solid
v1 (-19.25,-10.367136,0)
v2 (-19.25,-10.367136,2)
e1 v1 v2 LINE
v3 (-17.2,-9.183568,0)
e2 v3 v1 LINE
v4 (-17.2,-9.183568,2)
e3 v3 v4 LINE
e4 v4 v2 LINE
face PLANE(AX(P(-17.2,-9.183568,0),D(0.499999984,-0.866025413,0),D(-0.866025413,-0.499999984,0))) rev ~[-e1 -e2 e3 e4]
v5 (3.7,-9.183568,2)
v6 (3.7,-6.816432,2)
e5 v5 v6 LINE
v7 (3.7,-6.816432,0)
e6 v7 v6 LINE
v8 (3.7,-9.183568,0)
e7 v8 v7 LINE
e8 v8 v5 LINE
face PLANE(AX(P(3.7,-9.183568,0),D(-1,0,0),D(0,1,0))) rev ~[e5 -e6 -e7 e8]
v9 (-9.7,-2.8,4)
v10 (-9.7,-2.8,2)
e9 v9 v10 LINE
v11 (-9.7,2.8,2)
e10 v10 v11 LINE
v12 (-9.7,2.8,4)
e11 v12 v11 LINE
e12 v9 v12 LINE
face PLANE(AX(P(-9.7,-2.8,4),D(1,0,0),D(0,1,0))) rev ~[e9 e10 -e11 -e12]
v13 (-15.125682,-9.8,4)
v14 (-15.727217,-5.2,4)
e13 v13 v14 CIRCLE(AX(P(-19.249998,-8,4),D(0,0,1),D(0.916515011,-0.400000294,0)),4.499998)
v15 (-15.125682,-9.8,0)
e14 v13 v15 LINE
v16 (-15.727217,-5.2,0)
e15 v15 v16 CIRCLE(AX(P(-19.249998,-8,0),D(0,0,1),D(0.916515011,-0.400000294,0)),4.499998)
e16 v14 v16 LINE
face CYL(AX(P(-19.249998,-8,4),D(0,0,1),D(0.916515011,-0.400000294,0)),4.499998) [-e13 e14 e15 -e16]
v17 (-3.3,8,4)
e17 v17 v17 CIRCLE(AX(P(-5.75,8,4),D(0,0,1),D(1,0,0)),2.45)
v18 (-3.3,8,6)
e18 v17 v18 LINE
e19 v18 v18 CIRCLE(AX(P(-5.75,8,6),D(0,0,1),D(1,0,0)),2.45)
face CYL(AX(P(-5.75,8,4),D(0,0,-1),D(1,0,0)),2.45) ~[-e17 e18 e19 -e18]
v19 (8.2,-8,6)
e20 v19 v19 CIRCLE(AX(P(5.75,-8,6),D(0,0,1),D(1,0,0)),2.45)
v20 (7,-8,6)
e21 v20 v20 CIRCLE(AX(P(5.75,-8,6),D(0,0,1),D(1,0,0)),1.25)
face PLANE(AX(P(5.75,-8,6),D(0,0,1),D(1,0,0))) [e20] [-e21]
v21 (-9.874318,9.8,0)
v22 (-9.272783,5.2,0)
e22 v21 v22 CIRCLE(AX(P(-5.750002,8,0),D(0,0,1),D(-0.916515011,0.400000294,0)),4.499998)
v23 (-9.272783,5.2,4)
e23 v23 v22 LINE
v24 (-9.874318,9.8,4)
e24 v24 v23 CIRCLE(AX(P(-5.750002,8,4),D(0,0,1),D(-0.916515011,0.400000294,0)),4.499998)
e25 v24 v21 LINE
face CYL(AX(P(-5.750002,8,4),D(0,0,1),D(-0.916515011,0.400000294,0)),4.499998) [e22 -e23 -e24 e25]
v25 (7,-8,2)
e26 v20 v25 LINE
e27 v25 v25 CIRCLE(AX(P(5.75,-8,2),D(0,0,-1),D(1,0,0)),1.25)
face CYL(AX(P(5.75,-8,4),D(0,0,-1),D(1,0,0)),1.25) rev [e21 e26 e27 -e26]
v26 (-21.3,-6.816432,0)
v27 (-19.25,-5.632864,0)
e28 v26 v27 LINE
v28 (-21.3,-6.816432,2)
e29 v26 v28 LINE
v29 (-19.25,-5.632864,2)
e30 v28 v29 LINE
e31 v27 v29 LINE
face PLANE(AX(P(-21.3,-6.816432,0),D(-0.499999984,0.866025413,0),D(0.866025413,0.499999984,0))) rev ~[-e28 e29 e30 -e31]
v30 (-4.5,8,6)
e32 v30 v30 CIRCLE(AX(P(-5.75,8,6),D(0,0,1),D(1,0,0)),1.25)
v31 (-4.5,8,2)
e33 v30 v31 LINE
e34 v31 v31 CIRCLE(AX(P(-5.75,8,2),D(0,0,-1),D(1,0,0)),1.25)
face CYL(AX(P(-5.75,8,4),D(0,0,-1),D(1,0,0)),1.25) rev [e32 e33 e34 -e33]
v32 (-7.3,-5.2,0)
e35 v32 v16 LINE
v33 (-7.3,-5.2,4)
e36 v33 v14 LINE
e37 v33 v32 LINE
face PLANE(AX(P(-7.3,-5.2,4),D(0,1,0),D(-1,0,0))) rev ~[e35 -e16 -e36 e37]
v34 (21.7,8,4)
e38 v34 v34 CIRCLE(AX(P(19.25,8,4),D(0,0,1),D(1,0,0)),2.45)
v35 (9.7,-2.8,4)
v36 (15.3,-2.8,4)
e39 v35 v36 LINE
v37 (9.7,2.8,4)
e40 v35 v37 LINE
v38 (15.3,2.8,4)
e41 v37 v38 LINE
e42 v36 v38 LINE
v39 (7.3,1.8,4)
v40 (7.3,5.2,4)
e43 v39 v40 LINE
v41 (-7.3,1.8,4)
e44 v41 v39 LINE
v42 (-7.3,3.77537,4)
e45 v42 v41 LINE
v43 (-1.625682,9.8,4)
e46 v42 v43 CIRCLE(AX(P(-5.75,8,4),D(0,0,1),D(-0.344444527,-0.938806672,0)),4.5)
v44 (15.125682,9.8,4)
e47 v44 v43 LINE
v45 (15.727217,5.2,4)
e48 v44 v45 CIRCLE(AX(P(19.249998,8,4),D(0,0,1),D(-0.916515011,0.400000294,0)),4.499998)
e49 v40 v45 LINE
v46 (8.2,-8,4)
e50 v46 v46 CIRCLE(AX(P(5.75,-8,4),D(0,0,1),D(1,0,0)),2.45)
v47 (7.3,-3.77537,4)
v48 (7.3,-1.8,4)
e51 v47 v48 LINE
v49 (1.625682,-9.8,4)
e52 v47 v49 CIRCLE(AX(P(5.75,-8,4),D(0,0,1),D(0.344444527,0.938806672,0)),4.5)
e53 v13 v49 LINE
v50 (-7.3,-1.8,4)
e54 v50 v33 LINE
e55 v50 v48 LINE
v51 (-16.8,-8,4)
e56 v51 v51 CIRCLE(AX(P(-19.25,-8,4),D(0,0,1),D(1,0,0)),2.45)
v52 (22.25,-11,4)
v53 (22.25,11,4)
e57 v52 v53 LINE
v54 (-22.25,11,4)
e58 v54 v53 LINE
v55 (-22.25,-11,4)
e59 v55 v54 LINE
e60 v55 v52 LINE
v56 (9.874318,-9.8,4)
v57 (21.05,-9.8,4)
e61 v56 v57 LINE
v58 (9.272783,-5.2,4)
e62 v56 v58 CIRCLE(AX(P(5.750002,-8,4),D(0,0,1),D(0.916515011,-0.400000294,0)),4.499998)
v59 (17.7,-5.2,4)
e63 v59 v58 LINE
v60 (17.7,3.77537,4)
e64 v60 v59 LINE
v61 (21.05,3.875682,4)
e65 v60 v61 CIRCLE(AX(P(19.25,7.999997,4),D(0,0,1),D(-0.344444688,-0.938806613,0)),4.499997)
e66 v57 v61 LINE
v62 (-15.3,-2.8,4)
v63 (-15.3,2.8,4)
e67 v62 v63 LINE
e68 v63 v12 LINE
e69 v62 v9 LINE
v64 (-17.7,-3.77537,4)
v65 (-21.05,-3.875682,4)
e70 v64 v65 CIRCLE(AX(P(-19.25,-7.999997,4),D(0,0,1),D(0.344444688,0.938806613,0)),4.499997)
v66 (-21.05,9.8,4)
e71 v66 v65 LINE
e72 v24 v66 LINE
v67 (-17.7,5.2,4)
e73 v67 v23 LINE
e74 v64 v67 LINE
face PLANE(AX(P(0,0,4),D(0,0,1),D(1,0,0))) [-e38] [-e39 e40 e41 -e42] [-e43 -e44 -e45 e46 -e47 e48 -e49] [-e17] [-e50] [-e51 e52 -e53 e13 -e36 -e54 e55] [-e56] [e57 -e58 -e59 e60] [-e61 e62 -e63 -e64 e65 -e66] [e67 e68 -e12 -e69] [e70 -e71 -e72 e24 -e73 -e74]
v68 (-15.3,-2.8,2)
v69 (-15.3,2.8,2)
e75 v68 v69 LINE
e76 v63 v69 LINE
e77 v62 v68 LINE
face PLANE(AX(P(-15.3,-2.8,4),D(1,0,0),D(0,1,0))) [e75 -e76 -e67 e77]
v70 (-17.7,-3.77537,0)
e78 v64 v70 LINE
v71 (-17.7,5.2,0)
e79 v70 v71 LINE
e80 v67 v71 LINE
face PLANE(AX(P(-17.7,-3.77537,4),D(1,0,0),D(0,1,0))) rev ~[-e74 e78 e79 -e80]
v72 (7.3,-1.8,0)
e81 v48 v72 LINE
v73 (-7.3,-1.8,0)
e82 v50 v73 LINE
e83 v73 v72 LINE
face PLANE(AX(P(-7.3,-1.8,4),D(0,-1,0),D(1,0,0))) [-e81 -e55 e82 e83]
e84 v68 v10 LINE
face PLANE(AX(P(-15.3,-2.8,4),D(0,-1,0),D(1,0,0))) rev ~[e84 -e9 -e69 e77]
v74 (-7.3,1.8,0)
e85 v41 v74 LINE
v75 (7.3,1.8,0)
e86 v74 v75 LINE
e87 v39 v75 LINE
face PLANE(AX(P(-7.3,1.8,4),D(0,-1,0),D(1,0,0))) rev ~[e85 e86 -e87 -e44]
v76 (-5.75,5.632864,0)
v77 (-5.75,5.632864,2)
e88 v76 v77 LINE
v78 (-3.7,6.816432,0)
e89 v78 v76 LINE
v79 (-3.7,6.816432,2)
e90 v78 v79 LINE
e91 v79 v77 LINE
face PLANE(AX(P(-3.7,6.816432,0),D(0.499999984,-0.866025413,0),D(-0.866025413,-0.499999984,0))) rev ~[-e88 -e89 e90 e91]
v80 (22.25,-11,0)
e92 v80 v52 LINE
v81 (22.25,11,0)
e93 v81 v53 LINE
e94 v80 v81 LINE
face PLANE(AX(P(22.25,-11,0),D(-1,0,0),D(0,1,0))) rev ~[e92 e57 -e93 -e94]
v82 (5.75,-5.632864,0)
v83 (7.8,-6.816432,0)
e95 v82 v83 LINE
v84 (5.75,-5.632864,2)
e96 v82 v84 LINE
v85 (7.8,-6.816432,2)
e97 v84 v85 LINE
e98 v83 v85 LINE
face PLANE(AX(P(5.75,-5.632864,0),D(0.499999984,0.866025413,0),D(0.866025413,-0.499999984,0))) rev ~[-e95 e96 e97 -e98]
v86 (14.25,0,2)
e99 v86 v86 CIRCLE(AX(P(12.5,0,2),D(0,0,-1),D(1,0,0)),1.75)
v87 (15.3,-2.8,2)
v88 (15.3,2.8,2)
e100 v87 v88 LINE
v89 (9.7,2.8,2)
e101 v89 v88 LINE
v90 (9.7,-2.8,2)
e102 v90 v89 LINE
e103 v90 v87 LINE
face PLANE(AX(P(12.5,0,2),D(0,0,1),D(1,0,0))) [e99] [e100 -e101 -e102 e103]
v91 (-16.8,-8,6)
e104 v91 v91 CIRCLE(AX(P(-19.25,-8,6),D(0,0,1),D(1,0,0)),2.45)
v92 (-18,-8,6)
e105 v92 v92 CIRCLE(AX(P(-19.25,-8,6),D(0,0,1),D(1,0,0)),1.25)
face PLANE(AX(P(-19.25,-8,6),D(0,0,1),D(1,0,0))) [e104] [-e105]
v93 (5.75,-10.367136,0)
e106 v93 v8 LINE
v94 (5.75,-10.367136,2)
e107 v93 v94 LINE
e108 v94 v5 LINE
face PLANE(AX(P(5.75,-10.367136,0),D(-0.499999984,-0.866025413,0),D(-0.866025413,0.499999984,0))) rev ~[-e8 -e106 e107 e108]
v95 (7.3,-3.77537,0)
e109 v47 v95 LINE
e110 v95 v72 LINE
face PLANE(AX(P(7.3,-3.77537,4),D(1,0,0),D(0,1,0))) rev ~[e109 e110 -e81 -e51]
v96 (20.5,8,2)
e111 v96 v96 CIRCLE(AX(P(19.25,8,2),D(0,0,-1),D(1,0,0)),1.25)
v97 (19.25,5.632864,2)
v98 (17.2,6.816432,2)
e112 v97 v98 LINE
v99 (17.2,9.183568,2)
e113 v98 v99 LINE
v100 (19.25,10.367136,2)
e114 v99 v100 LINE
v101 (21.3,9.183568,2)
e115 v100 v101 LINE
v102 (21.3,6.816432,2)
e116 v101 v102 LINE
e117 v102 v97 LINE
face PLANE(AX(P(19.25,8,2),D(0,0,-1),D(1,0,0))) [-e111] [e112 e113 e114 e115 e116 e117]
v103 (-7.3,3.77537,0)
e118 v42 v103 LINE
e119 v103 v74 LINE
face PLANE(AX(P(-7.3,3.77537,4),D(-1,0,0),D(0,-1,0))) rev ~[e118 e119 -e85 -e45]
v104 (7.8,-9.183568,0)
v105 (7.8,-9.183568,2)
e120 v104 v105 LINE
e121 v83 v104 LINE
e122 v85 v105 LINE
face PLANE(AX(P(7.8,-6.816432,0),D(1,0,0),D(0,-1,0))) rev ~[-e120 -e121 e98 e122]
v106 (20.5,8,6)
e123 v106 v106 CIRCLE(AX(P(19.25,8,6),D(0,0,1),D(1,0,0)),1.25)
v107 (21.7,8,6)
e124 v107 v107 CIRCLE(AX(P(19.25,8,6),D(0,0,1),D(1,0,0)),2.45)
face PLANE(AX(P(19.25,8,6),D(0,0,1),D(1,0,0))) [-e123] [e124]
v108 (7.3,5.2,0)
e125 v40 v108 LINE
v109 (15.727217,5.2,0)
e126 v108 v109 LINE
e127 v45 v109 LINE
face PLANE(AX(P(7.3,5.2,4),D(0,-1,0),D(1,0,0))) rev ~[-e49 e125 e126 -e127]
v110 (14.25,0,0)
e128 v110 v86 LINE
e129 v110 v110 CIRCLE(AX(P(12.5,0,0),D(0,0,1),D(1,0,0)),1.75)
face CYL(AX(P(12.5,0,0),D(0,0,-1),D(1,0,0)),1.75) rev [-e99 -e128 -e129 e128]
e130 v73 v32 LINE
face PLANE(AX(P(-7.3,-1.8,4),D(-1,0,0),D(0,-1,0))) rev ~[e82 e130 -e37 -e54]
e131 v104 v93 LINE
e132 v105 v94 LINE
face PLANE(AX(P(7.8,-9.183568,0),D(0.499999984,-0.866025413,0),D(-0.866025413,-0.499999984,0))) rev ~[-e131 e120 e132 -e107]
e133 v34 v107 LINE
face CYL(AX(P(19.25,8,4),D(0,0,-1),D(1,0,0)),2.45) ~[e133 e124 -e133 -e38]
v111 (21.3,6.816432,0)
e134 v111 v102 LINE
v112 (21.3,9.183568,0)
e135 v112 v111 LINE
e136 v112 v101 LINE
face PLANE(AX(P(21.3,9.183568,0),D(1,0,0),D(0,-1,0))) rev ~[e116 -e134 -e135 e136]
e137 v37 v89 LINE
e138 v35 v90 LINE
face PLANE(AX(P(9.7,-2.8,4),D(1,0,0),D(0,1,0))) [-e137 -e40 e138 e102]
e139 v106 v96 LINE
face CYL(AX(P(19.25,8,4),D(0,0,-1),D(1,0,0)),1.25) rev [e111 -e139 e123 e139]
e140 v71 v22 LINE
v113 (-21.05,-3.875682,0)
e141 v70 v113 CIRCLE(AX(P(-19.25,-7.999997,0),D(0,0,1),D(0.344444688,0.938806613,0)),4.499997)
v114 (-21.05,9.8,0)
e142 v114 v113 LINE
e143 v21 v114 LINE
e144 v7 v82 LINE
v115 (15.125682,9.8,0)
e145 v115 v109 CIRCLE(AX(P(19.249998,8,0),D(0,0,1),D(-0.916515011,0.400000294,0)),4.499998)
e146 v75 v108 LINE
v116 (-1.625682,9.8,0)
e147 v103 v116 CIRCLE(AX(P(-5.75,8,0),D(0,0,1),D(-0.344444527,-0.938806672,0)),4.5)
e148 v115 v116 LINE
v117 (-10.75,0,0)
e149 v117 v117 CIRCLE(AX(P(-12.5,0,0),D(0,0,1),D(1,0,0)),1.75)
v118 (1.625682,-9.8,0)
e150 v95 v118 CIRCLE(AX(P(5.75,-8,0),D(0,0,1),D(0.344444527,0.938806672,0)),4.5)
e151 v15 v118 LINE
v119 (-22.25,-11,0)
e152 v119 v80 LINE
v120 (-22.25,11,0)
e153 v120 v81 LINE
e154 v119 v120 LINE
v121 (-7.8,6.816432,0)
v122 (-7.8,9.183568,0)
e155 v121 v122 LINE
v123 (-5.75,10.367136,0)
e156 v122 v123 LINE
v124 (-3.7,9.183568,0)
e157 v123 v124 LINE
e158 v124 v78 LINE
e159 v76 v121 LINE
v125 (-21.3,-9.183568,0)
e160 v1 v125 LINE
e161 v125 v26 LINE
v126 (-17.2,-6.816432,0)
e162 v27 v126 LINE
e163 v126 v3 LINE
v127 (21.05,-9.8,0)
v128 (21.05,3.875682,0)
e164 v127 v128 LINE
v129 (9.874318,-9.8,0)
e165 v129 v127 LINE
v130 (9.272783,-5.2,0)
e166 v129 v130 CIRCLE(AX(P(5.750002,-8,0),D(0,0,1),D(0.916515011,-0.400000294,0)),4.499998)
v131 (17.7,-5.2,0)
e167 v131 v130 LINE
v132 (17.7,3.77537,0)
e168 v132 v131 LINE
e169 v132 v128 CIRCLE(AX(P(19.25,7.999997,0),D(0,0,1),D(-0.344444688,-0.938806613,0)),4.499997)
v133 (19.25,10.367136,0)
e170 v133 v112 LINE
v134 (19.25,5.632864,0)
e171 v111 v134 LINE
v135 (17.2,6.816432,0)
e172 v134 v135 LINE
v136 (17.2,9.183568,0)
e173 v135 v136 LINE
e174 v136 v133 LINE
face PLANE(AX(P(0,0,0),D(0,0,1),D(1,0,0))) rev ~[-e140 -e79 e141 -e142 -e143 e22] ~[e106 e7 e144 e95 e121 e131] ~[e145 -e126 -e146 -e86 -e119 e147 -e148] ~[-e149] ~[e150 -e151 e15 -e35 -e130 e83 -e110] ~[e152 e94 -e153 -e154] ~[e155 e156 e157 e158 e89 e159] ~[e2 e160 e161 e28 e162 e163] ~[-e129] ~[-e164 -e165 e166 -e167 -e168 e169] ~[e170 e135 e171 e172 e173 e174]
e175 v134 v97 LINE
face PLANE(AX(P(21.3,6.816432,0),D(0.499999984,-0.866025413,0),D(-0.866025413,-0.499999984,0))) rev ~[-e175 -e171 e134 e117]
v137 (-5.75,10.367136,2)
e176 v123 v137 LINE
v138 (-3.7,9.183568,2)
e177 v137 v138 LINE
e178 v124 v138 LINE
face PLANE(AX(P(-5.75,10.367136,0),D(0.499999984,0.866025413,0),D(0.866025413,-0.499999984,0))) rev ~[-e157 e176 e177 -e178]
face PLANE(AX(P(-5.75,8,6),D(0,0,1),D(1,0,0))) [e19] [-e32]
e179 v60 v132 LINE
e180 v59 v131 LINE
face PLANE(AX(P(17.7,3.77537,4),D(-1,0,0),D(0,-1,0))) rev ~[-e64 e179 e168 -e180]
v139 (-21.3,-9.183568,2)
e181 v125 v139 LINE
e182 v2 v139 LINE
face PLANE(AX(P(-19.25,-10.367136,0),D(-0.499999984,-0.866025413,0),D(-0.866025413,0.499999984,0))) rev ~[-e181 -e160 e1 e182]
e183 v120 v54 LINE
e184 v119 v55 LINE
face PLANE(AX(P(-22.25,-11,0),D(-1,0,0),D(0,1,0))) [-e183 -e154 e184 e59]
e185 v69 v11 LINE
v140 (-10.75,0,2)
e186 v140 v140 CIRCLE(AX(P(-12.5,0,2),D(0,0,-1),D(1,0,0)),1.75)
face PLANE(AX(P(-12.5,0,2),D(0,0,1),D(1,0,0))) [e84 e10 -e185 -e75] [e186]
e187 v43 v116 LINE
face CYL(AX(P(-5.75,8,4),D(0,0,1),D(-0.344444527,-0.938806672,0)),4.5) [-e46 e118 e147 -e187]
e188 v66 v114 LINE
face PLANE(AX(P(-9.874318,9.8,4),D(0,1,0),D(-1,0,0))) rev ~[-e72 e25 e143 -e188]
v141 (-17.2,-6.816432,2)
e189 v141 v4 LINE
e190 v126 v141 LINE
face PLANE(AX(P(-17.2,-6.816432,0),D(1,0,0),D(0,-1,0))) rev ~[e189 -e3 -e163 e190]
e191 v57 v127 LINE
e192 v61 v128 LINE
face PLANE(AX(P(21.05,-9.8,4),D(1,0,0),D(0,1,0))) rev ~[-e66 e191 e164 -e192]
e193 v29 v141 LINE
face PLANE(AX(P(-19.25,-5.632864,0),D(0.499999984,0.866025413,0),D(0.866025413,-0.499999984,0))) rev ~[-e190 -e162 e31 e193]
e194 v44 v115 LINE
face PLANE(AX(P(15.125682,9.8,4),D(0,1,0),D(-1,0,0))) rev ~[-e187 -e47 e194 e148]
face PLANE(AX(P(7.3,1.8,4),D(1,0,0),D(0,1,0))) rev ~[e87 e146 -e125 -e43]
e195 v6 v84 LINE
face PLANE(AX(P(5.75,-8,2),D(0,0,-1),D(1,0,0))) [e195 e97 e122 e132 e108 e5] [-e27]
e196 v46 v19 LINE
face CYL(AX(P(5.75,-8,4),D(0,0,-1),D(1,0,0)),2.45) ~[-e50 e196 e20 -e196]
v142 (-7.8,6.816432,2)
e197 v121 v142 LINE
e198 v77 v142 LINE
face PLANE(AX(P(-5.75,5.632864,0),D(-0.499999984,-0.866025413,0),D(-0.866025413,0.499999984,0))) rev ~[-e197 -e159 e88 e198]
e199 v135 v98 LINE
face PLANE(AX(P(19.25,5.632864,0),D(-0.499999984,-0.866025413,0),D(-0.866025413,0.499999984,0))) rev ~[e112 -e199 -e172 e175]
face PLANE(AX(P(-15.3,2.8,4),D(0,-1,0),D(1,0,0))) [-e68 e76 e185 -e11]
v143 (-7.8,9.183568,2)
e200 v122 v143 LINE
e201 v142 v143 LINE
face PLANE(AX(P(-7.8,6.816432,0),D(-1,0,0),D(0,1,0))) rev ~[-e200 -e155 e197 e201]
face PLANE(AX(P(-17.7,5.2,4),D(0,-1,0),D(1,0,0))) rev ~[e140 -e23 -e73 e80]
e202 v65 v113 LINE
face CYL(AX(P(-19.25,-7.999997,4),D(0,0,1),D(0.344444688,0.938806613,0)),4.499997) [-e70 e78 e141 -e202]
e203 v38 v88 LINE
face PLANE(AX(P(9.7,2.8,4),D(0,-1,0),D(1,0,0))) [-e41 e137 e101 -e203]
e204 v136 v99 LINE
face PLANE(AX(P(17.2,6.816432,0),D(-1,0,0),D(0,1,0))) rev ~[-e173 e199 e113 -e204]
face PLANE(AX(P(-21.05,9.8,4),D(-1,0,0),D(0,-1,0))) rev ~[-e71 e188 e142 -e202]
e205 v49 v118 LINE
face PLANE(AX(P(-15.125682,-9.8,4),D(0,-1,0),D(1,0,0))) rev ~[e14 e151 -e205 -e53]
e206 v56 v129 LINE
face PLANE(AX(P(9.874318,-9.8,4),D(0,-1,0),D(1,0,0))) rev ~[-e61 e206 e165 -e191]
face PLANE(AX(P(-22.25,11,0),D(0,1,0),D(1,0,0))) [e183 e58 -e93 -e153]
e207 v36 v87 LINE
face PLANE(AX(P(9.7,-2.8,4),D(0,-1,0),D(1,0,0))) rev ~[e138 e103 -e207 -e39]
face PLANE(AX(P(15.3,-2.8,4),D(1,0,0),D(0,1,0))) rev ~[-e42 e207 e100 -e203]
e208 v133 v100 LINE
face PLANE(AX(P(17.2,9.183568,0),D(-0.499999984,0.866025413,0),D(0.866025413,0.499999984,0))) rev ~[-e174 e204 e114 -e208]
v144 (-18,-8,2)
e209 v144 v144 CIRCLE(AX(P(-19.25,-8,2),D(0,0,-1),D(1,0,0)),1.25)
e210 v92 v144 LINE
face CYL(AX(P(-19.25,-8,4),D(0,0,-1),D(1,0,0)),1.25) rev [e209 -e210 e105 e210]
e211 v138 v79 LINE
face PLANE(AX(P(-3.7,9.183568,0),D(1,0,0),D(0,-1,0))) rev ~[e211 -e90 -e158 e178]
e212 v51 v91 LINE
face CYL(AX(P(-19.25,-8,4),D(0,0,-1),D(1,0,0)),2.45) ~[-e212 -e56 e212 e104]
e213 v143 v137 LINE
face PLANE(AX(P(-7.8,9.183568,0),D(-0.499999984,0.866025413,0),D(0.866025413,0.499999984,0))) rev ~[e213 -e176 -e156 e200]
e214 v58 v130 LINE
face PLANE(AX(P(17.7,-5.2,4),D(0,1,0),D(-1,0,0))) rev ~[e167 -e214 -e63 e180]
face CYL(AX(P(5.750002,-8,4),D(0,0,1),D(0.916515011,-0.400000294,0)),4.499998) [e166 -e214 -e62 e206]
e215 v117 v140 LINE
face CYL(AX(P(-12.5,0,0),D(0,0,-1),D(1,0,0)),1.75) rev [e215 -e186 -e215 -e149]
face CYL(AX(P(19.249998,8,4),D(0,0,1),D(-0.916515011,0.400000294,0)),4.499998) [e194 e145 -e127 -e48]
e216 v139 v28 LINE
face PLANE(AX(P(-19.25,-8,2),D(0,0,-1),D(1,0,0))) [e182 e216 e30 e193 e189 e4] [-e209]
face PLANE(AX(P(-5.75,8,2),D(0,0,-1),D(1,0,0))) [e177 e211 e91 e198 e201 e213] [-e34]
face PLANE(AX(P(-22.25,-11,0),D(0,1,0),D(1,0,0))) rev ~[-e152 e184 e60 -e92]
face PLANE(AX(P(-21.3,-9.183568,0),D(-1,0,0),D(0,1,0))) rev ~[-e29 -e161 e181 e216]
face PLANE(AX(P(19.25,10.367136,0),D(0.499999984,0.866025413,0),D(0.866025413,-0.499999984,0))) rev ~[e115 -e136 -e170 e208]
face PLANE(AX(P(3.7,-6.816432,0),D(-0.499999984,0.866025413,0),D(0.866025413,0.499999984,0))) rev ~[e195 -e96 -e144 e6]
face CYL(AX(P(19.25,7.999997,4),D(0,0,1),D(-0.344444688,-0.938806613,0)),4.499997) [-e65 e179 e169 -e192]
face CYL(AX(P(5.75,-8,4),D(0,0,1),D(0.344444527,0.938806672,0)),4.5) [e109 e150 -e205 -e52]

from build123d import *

# Parameters (mm, degrees)
SKETCH_W        = 44.5
SKETCH_H        = 22
SKETCH_R        = 1.75
SKETCH_R_2      = 1.25
PAD_DEPTH       = 4
SKETCH001_W     = 5.6
SKETCH001_H     = 5.6
POCKET_DEPTH    = 2
POCKET001_DEPTH = 2
SKETCH003_R     = 2.45
SKETCH003_R_2   = 1.25
PAD001_DEPTH    = 2
POCKET002_DEPTH = 4.001


with BuildPart() as part:
    # Sketch → Pad (new body)
    with BuildSketch(Plane.XY):
        Rectangle(SKETCH_W, SKETCH_H)
        with Locations((-12.5, 0)):
            Circle(SKETCH_R, mode=Mode.SUBTRACT)
        with Locations((12.5, 0)):
            Circle(SKETCH_R, mode=Mode.SUBTRACT)
        with Locations((-19.25, -8)):
            Circle(SKETCH_R_2, mode=Mode.SUBTRACT)
        with Locations((-5.75, 8)):
            Circle(SKETCH_R_2, mode=Mode.SUBTRACT)
        with Locations((19.25, 8)):
            Circle(SKETCH_R_2, mode=Mode.SUBTRACT)
        with Locations((5.75, -8)):
            Circle(SKETCH_R_2, mode=Mode.SUBTRACT)
    extrude(amount=PAD_DEPTH)

    # Sketch001 (on Face12 of Pad) → Pocket (cut)
    with BuildSketch(Plane.XY.offset(4)):
        with Locations((-12.5, 0)):
            Rectangle(SKETCH001_W, SKETCH001_H)
        with Locations((12.5, 0)):
            Rectangle(SKETCH001_W, SKETCH001_H)
    extrude(amount=-POCKET_DEPTH, mode=Mode.SUBTRACT)

    # Sketch002 → Pocket001 (cut)
    with BuildSketch(Plane(origin=(0, 0, 0), x_dir=(1, 0, 0), z_dir=(0, 0, -1))):
        Polygon((-3.7, -6.816432), (-5.75, -5.632864), (-7.8, -6.816432), (-7.8, -9.183568), (-5.75, -10.367136), (-3.7, -9.183568), align=None)
        Polygon((7.8, 9.183568), (5.75, 10.367136), (3.7, 9.183568), (3.7, 6.816432), (5.75, 5.632864), (7.8, 6.816432), align=None)
        Polygon((21.3, -6.816432), (19.25, -5.632864), (17.2, -6.816432), (17.2, -9.183568), (19.25, -10.367136), (21.3, -9.183568), align=None)
        Polygon((-17.2, 9.183568), (-19.25, 10.367136), (-21.3, 9.183568), (-21.3, 6.816432), (-19.25, 5.632864), (-17.2, 6.816432), align=None)
    extrude(amount=-POCKET001_DEPTH, mode=Mode.SUBTRACT)

    # Sketch003 (on Face5 of Pocket001) → Pad001 (join)
    with BuildSketch(Plane.XY.offset(4)):
        with Locations((-5.75, 8)):
            Circle(SKETCH003_R)
        with Locations((-5.75, 8)):
            Circle(SKETCH003_R_2, mode=Mode.SUBTRACT)
        with Locations((19.25, 8)):
            Circle(SKETCH003_R)
        with Locations((19.25, 8)):
            Circle(SKETCH003_R_2, mode=Mode.SUBTRACT)
        with Locations((5.75, -8)):
            Circle(SKETCH003_R)
        with Locations((5.75, -8)):
            Circle(SKETCH003_R_2, mode=Mode.SUBTRACT)
        with Locations((-19.25, -8)):
            Circle(SKETCH003_R)
        with Locations((-19.25, -8)):
            Circle(SKETCH003_R_2, mode=Mode.SUBTRACT)
    extrude(amount=PAD001_DEPTH)

    # Sketch004 (on Face5 of Pad001) → Pocket002 (cut, through all)
    with BuildSketch(Plane.XY.offset(4)):
        with BuildLine():
            Line((-21.05, 9.8), (-21.05, -3.875682))
            ThreePointArc((-17.7, -3.77537), (-19.384687, -3.502016), (-21.05, -3.875682))
            Line((-17.7, -3.77537), (-17.7, 5.2))
            Line((-17.7, 5.2), (-9.272783, 5.2))
            ThreePointArc((-9.874318, 9.8), (-10.212011, 7.41651), (-9.272783, 5.2))
            Line((-9.874318, 9.8), (-21.05, 9.8))
        make_face()
        with BuildLine():
            Line((17.7, 3.77537), (17.7, -5.2))
            Line((17.7, -5.2), (9.272783, -5.2))
            ThreePointArc((9.874318, -9.8), (10.212011, -7.41651), (9.272783, -5.2))
            Line((9.874318, -9.8), (21.05, -9.8))
            Line((21.05, -9.8), (21.05, 3.875682))
            ThreePointArc((17.7, 3.77537), (19.384687, 3.502016), (21.05, 3.875682))
        make_face()
        with BuildLine():
            Line((-7.3, 3.77537), (-7.3, 1.8))
            Line((-7.3, 1.8), (7.3, 1.8))
            Line((7.3, 1.8), (7.3, 5.2))
            Line((7.3, 5.2), (15.727217, 5.2))
            ThreePointArc((15.125682, 9.8), (14.787989, 7.41651), (15.727217, 5.2))
            Line((15.125682, 9.8), (-1.625682, 9.8))
            ThreePointArc((-7.3, 3.77537), (-2.474207, 4.914683), (-1.625682, 9.8))
        make_face()
        with BuildLine():
            Line((-7.3, -5.2), (-15.727217, -5.2))
            ThreePointArc((-15.125682, -9.8), (-14.787989, -7.41651), (-15.727217, -5.2))
            Line((-15.125682, -9.8), (1.625682, -9.8))
            ThreePointArc((7.3, -3.77537), (2.474207, -4.914683), (1.625682, -9.8))
            Line((7.3, -3.77537), (7.3, -1.8))
            Line((-7.3, -1.8), (7.3, -1.8))
            Line((-7.3, -1.8), (-7.3, -5.2))
        make_face()
    extrude(amount=-POCKET002_DEPTH, mode=Mode.SUBTRACT)


solid = part.part
